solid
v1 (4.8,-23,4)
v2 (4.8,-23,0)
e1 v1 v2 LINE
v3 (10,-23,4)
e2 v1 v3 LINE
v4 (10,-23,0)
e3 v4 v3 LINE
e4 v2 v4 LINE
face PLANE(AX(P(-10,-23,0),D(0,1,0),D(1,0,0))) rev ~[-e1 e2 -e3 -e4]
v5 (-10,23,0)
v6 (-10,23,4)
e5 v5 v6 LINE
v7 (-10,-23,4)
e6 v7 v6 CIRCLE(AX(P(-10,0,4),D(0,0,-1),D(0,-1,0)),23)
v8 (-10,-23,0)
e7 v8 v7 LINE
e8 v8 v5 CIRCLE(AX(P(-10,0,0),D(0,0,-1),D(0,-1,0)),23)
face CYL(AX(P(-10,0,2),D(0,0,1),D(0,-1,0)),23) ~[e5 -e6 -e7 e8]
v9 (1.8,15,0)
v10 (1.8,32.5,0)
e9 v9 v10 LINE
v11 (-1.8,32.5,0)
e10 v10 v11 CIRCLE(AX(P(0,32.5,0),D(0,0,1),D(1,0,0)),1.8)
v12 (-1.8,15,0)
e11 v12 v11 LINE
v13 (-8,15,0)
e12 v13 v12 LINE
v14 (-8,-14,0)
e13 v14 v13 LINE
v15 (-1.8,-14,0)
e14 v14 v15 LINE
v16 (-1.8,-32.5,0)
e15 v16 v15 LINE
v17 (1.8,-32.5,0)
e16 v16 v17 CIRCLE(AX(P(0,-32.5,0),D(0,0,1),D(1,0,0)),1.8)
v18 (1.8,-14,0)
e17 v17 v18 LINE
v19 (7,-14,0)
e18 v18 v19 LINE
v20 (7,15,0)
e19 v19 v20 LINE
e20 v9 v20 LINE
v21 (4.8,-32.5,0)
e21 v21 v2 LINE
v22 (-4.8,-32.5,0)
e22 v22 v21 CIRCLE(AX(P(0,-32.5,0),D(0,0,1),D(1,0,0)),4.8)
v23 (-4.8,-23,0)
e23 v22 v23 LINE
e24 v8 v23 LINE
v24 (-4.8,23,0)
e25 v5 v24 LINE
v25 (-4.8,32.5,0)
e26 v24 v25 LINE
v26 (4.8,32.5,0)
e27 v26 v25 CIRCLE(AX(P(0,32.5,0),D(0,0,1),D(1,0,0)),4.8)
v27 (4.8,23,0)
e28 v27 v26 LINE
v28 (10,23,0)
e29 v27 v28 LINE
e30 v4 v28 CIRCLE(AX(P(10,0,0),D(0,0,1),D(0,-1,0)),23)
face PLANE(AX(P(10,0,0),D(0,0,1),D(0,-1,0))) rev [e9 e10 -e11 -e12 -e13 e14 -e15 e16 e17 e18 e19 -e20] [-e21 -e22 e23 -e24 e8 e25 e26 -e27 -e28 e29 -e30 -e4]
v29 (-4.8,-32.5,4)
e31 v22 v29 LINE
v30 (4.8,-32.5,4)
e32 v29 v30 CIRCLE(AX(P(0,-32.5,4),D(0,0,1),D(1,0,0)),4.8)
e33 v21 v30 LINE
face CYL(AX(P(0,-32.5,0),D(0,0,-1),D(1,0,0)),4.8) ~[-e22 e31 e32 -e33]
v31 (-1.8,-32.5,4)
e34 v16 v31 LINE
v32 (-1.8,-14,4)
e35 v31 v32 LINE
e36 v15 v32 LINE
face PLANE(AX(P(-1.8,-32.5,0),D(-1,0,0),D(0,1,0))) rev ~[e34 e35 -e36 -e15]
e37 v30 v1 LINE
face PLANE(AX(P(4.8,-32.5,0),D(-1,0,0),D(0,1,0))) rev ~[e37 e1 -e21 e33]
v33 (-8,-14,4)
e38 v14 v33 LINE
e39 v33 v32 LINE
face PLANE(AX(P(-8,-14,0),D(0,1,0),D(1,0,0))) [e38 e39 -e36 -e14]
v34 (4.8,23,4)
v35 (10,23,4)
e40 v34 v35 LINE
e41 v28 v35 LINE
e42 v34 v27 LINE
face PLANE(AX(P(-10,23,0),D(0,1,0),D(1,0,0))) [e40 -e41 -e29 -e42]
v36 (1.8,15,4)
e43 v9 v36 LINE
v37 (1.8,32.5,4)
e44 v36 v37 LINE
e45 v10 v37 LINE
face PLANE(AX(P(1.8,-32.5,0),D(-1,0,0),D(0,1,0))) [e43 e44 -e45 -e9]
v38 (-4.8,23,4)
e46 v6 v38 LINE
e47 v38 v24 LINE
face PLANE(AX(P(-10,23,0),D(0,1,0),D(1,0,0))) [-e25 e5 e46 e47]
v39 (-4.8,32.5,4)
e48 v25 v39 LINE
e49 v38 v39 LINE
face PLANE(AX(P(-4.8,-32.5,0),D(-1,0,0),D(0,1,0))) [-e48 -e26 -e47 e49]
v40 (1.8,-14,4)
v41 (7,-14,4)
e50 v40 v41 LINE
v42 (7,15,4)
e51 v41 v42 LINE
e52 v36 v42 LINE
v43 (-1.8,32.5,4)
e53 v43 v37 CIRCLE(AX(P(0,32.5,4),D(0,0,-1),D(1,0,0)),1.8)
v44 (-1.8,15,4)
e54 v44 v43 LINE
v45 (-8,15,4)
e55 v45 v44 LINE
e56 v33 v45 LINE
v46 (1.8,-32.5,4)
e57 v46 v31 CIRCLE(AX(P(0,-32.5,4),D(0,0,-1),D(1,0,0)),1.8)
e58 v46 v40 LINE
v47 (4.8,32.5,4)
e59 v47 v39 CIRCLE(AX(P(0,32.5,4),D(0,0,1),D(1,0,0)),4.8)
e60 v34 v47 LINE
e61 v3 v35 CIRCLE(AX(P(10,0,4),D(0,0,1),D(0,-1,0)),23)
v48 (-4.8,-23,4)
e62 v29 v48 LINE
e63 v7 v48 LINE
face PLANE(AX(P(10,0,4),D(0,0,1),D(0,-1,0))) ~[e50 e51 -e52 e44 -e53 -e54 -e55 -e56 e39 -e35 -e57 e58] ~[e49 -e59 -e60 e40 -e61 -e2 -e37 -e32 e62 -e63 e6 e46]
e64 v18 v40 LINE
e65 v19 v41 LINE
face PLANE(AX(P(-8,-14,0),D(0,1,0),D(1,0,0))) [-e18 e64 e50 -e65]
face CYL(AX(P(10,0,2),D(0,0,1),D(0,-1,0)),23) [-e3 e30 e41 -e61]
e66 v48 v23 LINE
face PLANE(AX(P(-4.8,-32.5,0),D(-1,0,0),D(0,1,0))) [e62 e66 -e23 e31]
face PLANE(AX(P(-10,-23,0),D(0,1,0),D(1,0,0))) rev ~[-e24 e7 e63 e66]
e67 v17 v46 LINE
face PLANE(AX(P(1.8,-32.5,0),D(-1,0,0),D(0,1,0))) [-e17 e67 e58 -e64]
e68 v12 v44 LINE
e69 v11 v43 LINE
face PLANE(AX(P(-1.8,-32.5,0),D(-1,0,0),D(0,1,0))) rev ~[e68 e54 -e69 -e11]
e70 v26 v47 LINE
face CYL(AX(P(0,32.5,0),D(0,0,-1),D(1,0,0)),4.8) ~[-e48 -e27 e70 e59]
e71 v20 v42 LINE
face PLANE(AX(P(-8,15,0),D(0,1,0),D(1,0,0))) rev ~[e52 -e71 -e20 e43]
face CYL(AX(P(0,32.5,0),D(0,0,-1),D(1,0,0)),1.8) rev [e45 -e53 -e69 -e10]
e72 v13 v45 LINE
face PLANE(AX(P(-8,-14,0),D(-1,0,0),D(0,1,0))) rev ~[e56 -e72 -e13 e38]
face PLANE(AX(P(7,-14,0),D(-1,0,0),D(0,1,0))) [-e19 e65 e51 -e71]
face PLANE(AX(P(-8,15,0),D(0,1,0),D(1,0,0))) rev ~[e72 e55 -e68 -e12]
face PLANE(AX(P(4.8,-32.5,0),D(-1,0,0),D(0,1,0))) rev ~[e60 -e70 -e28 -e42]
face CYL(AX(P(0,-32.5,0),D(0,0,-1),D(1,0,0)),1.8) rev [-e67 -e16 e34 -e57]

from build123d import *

# Parameters (mm, degrees)
BOX002_W          = 3.6
BOX002_H          = 65
BOX002_DEPTH      = 10
CYLINDER004_R     = 1.8
CYLINDER004_DEPTH = 10
ARRAY_Y_COUNT     = 2
ARRAY_Y_PITCH     = 65
BOX004_W          = 15
BOX004_H          = 29
BOX004_DEPTH      = 10
BOX003_W          = 9.6
BOX003_H          = 65
BOX003_DEPTH      = 4
BOX005_W          = 20
BOX005_H          = 46
BOX005_DEPTH      = 4
CYLINDER006_W     = 23
CYLINDER006_H     = 4
CYLINDER006_ANGLE = 180
CYLINDER005_R     = 4.8
CYLINDER005_DEPTH = 4
ARRAY001_Y_COUNT  = 2
ARRAY001_Y_PITCH  = 65


with BuildPart() as cube002:
    # Box002 → Box002 (new body)
    with BuildSketch(Plane(origin=(-1.8, -32.5, 0), x_dir=(1, 0, 0), z_dir=(0, 0, 1))):
        with Locations((1.8, 32.5)):
            Rectangle(BOX002_W, BOX002_H)
    extrude(amount=BOX002_DEPTH)


with BuildPart() as bolt_hole_fusion:
    # Cylinder004 → Cylinder004 (new body)
    with BuildSketch(Plane.XY):
        Circle(CYLINDER004_R)
    extrude(amount=CYLINDER004_DEPTH)

    # Array Y: bolt hole fusion ×2


with BuildPart() as bolt_hole_fusion_1:
    add(bolt_hole_fusion.part)
    with Locations(*[(0, i * ARRAY_Y_PITCH, 0) for i in range(1, ARRAY_Y_COUNT)]):
        add(bolt_hole_fusion.part)


with BuildPart() as bolt_hole_fusion_2:
    # Array placement: moved
    add(bolt_hole_fusion_1.part.moved(Location((0, -32.5, 0))))

    # Fusion003: union Cube002
    add(cube002.part)


with BuildPart() as extract_fusion:
    # Box004 → Box004 (new body)
    with BuildSketch(Plane(origin=(-8, -14, 0), x_dir=(1, 0, 0), z_dir=(0, 0, 1))):
        with Locations((7.5, 14.5)):
            Rectangle(BOX004_W, BOX004_H)
    extrude(amount=BOX004_DEPTH)

    # Fusion005: union bolt hole fusion
    add(bolt_hole_fusion_2.part)


with BuildPart() as wall_cube:
    # Box003 → Box003 (new body)
    with BuildSketch(Plane(origin=(-4.8, -32.5, 0), x_dir=(1, 0, 0), z_dir=(0, 0, 1))):
        with Locations((4.8, 32.5)):
            Rectangle(BOX003_W, BOX003_H)
    extrude(amount=BOX003_DEPTH)


with BuildPart() as intercylinder_fill_cube:
    # Box005 → Box005 (new body)
    with BuildSketch(Plane(origin=(-10, -23, 0), x_dir=(1, 0, 0), z_dir=(0, 0, 1))):
        with Locations((10, 23)):
            Rectangle(BOX005_W, BOX005_H)
    extrude(amount=BOX005_DEPTH)


with BuildPart() as cover_cylinder:
    # Cylinder006 → Cylinder006 (revolve)
    with BuildSketch(Plane(origin=(10, 0, 0), x_dir=(0, -1, 0), z_dir=(-1, 0, 0))):
        with Locations((11.5, 2)):
            Rectangle(CYLINDER006_W, CYLINDER006_H)
    revolve(axis=Axis((10, 0, 0), (0, 0, 1)), revolution_arc=CYLINDER006_ANGLE)


with BuildPart() as part_mirroring:
    # Part__Mirroring: instance of cover cylinder
    add(cover_cylinder.part.mirror(Plane(origin=(0, 0, 0), x_dir=(0, -1, 0), z_dir=(1, 0, 0))))


with BuildPart() as microscope_attachment_cut:
    # Cylinder005 → Cylinder005 (new body)
    with BuildSketch(Plane.XY):
        Circle(CYLINDER005_R)
    extrude(amount=CYLINDER005_DEPTH)

    # Array001 Y: microscope attachment cut ×2


with BuildPart() as microscope_attachment_cut_1:
    add(microscope_attachment_cut.part)
    with Locations(*[(0, i * ARRAY001_Y_PITCH, 0) for i in range(1, ARRAY001_Y_COUNT)]):
        add(microscope_attachment_cut.part)


with BuildPart() as microscope_attachment_cut_2:
    # Array001 placement: moved
    add(microscope_attachment_cut_1.part.moved(Location((0, -32.5, 0))))

    # Fusion004: union wall cube, intercylinder fill cube, Part__Mirroring, cover cylinder
    add(wall_cube.part)
    add(intercylinder_fill_cube.part)
    add(part_mirroring.part)
    add(cover_cylinder.part)

    # Cut001: cut extract fusion
    add(extract_fusion.part, mode=Mode.SUBTRACT)


solid = microscope_attachment_cut_2.part
